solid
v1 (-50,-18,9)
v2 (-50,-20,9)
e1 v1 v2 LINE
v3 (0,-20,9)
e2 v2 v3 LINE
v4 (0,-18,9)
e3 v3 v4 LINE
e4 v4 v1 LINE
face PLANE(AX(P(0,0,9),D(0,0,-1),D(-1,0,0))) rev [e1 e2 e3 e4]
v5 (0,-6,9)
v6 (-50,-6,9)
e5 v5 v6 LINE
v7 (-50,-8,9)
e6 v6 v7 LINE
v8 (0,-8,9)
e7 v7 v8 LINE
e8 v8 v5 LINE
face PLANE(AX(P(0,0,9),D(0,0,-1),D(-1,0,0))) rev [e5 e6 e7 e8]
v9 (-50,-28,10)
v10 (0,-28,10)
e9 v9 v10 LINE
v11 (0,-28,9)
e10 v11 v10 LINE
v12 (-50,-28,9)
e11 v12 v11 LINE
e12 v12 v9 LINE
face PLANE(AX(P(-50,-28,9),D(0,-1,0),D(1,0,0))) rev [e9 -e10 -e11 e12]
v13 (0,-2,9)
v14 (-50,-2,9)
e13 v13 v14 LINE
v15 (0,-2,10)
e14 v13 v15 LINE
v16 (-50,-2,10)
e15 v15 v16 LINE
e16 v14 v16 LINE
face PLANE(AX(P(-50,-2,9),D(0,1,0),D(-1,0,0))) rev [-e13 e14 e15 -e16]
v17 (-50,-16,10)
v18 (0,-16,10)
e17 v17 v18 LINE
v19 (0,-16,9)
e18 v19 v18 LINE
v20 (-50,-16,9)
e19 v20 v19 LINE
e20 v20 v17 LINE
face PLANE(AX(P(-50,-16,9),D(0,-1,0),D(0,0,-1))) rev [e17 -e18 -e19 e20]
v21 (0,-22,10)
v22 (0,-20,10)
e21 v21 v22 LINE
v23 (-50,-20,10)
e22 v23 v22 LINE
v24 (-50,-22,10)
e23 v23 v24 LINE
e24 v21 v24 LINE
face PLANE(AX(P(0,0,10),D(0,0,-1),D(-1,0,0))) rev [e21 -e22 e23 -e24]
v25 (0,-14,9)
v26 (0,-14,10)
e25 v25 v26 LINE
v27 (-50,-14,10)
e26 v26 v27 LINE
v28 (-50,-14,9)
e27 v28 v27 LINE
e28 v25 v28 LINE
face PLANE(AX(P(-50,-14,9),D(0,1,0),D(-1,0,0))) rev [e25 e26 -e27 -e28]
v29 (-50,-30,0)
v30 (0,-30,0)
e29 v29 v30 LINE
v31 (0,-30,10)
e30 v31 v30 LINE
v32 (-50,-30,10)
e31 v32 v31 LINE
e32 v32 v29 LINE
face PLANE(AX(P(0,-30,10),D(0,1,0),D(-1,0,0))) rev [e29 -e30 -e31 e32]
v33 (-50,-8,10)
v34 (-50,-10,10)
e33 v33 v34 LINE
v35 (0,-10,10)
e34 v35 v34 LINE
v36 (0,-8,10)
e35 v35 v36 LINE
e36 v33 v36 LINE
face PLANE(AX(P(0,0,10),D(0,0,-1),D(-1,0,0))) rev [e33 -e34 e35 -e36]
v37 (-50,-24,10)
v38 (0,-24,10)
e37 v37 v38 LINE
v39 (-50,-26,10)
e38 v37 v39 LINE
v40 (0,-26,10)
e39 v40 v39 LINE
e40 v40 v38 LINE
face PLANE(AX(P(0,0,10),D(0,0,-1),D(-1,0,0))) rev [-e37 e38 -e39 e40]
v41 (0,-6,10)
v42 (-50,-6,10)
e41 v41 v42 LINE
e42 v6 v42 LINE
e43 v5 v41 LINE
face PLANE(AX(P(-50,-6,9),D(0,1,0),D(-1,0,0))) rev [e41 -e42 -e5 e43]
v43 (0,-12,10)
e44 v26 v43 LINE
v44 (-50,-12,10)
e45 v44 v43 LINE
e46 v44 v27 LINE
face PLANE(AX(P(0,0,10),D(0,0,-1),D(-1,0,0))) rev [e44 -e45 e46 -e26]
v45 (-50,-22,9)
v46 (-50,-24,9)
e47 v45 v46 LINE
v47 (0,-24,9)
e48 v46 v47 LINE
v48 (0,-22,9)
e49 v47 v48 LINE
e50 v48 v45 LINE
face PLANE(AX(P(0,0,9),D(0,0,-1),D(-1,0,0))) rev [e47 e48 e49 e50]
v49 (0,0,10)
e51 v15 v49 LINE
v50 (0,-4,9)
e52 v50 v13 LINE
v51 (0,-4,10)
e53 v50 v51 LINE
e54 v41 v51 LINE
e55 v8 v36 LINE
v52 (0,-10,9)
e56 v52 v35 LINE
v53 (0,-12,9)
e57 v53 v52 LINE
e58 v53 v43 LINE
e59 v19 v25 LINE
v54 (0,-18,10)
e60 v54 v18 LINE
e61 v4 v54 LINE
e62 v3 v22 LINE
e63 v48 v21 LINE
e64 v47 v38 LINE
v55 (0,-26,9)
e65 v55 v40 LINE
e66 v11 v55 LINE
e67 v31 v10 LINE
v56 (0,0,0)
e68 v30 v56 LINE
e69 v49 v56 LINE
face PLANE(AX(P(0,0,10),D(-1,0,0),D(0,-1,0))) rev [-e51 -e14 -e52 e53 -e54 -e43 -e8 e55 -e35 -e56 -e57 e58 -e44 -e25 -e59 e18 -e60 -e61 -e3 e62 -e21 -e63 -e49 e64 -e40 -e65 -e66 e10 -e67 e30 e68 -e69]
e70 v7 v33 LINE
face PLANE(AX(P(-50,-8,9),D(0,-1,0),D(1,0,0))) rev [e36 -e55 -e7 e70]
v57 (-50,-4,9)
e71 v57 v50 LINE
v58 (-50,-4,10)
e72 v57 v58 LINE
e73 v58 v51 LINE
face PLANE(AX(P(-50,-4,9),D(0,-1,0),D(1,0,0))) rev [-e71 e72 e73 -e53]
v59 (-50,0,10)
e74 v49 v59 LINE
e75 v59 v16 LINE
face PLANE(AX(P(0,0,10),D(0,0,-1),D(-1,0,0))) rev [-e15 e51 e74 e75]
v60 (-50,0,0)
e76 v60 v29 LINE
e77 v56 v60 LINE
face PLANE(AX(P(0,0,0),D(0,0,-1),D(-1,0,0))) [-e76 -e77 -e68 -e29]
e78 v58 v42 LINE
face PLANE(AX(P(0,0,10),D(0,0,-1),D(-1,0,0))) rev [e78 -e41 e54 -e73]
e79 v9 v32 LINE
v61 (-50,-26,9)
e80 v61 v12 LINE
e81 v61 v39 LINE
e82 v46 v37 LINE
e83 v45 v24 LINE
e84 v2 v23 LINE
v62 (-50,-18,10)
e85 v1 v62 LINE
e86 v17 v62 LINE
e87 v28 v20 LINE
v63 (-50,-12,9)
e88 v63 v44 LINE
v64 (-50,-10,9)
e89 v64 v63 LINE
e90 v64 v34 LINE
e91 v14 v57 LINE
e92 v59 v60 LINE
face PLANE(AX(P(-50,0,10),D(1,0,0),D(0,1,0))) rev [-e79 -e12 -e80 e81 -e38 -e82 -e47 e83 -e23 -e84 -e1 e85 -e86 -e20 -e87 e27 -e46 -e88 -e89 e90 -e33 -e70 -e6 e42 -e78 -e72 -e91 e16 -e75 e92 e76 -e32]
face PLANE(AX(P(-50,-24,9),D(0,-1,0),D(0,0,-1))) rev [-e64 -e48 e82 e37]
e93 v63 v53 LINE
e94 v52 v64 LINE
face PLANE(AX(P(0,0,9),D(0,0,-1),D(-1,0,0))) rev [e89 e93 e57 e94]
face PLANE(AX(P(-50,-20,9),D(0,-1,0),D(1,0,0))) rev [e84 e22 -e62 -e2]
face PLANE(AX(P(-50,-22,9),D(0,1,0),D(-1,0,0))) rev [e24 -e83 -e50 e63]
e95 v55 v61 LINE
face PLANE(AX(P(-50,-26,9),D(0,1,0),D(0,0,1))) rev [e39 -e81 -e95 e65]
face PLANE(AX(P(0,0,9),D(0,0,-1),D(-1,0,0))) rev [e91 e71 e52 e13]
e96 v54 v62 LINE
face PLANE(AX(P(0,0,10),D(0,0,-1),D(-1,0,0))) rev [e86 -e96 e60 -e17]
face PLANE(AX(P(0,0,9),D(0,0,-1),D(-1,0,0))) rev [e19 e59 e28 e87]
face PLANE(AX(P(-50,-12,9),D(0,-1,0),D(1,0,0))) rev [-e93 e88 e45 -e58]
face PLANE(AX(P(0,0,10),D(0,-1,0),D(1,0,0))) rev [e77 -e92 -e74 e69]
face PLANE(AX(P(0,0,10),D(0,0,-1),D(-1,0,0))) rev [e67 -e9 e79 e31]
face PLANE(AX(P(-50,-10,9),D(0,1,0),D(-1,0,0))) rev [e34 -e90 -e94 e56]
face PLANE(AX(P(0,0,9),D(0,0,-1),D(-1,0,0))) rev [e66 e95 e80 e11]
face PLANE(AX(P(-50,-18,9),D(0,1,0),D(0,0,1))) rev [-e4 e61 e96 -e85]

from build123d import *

# Parameters (mm, degrees)
SKETCH1_W           = 50
SKETCH1_H           = 30
BOSS_EXTRUDE1_DEPTH = 10
SKETCH2_W           = 50
SKETCH2_H           = 2
CUT_EXTRUDE3_DEPTH  = 1


with BuildPart() as part:
    # Sketch1 → Boss-Extrude1 (new body)
    with BuildSketch(Plane.XY):
        with Locations((-25, -15)):
            Rectangle(SKETCH1_W, SKETCH1_H)
    extrude(amount=BOSS_EXTRUDE1_DEPTH)

    # Sketch2 → Cut-Extrude3 (cut)
    with BuildSketch(Plane.XY.offset(10)):
        with Locations((-25, -3)):
            Rectangle(SKETCH2_W, SKETCH2_H)
        with Locations((-25, -7)):
            Rectangle(SKETCH2_W, SKETCH2_H)
        with Locations((-25, -11)):
            Rectangle(SKETCH2_W, SKETCH2_H)
        with Locations((-25, -15)):
            Rectangle(SKETCH2_W, SKETCH2_H)
        with Locations((-25, -19)):
            Rectangle(SKETCH2_W, SKETCH2_H)
        with Locations((-25, -23)):
            Rectangle(SKETCH2_W, SKETCH2_H)
        with Locations((-25, -27)):
            Rectangle(SKETCH2_W, SKETCH2_H)
    extrude(amount=-CUT_EXTRUDE3_DEPTH, mode=Mode.SUBTRACT)


solid = part.part
